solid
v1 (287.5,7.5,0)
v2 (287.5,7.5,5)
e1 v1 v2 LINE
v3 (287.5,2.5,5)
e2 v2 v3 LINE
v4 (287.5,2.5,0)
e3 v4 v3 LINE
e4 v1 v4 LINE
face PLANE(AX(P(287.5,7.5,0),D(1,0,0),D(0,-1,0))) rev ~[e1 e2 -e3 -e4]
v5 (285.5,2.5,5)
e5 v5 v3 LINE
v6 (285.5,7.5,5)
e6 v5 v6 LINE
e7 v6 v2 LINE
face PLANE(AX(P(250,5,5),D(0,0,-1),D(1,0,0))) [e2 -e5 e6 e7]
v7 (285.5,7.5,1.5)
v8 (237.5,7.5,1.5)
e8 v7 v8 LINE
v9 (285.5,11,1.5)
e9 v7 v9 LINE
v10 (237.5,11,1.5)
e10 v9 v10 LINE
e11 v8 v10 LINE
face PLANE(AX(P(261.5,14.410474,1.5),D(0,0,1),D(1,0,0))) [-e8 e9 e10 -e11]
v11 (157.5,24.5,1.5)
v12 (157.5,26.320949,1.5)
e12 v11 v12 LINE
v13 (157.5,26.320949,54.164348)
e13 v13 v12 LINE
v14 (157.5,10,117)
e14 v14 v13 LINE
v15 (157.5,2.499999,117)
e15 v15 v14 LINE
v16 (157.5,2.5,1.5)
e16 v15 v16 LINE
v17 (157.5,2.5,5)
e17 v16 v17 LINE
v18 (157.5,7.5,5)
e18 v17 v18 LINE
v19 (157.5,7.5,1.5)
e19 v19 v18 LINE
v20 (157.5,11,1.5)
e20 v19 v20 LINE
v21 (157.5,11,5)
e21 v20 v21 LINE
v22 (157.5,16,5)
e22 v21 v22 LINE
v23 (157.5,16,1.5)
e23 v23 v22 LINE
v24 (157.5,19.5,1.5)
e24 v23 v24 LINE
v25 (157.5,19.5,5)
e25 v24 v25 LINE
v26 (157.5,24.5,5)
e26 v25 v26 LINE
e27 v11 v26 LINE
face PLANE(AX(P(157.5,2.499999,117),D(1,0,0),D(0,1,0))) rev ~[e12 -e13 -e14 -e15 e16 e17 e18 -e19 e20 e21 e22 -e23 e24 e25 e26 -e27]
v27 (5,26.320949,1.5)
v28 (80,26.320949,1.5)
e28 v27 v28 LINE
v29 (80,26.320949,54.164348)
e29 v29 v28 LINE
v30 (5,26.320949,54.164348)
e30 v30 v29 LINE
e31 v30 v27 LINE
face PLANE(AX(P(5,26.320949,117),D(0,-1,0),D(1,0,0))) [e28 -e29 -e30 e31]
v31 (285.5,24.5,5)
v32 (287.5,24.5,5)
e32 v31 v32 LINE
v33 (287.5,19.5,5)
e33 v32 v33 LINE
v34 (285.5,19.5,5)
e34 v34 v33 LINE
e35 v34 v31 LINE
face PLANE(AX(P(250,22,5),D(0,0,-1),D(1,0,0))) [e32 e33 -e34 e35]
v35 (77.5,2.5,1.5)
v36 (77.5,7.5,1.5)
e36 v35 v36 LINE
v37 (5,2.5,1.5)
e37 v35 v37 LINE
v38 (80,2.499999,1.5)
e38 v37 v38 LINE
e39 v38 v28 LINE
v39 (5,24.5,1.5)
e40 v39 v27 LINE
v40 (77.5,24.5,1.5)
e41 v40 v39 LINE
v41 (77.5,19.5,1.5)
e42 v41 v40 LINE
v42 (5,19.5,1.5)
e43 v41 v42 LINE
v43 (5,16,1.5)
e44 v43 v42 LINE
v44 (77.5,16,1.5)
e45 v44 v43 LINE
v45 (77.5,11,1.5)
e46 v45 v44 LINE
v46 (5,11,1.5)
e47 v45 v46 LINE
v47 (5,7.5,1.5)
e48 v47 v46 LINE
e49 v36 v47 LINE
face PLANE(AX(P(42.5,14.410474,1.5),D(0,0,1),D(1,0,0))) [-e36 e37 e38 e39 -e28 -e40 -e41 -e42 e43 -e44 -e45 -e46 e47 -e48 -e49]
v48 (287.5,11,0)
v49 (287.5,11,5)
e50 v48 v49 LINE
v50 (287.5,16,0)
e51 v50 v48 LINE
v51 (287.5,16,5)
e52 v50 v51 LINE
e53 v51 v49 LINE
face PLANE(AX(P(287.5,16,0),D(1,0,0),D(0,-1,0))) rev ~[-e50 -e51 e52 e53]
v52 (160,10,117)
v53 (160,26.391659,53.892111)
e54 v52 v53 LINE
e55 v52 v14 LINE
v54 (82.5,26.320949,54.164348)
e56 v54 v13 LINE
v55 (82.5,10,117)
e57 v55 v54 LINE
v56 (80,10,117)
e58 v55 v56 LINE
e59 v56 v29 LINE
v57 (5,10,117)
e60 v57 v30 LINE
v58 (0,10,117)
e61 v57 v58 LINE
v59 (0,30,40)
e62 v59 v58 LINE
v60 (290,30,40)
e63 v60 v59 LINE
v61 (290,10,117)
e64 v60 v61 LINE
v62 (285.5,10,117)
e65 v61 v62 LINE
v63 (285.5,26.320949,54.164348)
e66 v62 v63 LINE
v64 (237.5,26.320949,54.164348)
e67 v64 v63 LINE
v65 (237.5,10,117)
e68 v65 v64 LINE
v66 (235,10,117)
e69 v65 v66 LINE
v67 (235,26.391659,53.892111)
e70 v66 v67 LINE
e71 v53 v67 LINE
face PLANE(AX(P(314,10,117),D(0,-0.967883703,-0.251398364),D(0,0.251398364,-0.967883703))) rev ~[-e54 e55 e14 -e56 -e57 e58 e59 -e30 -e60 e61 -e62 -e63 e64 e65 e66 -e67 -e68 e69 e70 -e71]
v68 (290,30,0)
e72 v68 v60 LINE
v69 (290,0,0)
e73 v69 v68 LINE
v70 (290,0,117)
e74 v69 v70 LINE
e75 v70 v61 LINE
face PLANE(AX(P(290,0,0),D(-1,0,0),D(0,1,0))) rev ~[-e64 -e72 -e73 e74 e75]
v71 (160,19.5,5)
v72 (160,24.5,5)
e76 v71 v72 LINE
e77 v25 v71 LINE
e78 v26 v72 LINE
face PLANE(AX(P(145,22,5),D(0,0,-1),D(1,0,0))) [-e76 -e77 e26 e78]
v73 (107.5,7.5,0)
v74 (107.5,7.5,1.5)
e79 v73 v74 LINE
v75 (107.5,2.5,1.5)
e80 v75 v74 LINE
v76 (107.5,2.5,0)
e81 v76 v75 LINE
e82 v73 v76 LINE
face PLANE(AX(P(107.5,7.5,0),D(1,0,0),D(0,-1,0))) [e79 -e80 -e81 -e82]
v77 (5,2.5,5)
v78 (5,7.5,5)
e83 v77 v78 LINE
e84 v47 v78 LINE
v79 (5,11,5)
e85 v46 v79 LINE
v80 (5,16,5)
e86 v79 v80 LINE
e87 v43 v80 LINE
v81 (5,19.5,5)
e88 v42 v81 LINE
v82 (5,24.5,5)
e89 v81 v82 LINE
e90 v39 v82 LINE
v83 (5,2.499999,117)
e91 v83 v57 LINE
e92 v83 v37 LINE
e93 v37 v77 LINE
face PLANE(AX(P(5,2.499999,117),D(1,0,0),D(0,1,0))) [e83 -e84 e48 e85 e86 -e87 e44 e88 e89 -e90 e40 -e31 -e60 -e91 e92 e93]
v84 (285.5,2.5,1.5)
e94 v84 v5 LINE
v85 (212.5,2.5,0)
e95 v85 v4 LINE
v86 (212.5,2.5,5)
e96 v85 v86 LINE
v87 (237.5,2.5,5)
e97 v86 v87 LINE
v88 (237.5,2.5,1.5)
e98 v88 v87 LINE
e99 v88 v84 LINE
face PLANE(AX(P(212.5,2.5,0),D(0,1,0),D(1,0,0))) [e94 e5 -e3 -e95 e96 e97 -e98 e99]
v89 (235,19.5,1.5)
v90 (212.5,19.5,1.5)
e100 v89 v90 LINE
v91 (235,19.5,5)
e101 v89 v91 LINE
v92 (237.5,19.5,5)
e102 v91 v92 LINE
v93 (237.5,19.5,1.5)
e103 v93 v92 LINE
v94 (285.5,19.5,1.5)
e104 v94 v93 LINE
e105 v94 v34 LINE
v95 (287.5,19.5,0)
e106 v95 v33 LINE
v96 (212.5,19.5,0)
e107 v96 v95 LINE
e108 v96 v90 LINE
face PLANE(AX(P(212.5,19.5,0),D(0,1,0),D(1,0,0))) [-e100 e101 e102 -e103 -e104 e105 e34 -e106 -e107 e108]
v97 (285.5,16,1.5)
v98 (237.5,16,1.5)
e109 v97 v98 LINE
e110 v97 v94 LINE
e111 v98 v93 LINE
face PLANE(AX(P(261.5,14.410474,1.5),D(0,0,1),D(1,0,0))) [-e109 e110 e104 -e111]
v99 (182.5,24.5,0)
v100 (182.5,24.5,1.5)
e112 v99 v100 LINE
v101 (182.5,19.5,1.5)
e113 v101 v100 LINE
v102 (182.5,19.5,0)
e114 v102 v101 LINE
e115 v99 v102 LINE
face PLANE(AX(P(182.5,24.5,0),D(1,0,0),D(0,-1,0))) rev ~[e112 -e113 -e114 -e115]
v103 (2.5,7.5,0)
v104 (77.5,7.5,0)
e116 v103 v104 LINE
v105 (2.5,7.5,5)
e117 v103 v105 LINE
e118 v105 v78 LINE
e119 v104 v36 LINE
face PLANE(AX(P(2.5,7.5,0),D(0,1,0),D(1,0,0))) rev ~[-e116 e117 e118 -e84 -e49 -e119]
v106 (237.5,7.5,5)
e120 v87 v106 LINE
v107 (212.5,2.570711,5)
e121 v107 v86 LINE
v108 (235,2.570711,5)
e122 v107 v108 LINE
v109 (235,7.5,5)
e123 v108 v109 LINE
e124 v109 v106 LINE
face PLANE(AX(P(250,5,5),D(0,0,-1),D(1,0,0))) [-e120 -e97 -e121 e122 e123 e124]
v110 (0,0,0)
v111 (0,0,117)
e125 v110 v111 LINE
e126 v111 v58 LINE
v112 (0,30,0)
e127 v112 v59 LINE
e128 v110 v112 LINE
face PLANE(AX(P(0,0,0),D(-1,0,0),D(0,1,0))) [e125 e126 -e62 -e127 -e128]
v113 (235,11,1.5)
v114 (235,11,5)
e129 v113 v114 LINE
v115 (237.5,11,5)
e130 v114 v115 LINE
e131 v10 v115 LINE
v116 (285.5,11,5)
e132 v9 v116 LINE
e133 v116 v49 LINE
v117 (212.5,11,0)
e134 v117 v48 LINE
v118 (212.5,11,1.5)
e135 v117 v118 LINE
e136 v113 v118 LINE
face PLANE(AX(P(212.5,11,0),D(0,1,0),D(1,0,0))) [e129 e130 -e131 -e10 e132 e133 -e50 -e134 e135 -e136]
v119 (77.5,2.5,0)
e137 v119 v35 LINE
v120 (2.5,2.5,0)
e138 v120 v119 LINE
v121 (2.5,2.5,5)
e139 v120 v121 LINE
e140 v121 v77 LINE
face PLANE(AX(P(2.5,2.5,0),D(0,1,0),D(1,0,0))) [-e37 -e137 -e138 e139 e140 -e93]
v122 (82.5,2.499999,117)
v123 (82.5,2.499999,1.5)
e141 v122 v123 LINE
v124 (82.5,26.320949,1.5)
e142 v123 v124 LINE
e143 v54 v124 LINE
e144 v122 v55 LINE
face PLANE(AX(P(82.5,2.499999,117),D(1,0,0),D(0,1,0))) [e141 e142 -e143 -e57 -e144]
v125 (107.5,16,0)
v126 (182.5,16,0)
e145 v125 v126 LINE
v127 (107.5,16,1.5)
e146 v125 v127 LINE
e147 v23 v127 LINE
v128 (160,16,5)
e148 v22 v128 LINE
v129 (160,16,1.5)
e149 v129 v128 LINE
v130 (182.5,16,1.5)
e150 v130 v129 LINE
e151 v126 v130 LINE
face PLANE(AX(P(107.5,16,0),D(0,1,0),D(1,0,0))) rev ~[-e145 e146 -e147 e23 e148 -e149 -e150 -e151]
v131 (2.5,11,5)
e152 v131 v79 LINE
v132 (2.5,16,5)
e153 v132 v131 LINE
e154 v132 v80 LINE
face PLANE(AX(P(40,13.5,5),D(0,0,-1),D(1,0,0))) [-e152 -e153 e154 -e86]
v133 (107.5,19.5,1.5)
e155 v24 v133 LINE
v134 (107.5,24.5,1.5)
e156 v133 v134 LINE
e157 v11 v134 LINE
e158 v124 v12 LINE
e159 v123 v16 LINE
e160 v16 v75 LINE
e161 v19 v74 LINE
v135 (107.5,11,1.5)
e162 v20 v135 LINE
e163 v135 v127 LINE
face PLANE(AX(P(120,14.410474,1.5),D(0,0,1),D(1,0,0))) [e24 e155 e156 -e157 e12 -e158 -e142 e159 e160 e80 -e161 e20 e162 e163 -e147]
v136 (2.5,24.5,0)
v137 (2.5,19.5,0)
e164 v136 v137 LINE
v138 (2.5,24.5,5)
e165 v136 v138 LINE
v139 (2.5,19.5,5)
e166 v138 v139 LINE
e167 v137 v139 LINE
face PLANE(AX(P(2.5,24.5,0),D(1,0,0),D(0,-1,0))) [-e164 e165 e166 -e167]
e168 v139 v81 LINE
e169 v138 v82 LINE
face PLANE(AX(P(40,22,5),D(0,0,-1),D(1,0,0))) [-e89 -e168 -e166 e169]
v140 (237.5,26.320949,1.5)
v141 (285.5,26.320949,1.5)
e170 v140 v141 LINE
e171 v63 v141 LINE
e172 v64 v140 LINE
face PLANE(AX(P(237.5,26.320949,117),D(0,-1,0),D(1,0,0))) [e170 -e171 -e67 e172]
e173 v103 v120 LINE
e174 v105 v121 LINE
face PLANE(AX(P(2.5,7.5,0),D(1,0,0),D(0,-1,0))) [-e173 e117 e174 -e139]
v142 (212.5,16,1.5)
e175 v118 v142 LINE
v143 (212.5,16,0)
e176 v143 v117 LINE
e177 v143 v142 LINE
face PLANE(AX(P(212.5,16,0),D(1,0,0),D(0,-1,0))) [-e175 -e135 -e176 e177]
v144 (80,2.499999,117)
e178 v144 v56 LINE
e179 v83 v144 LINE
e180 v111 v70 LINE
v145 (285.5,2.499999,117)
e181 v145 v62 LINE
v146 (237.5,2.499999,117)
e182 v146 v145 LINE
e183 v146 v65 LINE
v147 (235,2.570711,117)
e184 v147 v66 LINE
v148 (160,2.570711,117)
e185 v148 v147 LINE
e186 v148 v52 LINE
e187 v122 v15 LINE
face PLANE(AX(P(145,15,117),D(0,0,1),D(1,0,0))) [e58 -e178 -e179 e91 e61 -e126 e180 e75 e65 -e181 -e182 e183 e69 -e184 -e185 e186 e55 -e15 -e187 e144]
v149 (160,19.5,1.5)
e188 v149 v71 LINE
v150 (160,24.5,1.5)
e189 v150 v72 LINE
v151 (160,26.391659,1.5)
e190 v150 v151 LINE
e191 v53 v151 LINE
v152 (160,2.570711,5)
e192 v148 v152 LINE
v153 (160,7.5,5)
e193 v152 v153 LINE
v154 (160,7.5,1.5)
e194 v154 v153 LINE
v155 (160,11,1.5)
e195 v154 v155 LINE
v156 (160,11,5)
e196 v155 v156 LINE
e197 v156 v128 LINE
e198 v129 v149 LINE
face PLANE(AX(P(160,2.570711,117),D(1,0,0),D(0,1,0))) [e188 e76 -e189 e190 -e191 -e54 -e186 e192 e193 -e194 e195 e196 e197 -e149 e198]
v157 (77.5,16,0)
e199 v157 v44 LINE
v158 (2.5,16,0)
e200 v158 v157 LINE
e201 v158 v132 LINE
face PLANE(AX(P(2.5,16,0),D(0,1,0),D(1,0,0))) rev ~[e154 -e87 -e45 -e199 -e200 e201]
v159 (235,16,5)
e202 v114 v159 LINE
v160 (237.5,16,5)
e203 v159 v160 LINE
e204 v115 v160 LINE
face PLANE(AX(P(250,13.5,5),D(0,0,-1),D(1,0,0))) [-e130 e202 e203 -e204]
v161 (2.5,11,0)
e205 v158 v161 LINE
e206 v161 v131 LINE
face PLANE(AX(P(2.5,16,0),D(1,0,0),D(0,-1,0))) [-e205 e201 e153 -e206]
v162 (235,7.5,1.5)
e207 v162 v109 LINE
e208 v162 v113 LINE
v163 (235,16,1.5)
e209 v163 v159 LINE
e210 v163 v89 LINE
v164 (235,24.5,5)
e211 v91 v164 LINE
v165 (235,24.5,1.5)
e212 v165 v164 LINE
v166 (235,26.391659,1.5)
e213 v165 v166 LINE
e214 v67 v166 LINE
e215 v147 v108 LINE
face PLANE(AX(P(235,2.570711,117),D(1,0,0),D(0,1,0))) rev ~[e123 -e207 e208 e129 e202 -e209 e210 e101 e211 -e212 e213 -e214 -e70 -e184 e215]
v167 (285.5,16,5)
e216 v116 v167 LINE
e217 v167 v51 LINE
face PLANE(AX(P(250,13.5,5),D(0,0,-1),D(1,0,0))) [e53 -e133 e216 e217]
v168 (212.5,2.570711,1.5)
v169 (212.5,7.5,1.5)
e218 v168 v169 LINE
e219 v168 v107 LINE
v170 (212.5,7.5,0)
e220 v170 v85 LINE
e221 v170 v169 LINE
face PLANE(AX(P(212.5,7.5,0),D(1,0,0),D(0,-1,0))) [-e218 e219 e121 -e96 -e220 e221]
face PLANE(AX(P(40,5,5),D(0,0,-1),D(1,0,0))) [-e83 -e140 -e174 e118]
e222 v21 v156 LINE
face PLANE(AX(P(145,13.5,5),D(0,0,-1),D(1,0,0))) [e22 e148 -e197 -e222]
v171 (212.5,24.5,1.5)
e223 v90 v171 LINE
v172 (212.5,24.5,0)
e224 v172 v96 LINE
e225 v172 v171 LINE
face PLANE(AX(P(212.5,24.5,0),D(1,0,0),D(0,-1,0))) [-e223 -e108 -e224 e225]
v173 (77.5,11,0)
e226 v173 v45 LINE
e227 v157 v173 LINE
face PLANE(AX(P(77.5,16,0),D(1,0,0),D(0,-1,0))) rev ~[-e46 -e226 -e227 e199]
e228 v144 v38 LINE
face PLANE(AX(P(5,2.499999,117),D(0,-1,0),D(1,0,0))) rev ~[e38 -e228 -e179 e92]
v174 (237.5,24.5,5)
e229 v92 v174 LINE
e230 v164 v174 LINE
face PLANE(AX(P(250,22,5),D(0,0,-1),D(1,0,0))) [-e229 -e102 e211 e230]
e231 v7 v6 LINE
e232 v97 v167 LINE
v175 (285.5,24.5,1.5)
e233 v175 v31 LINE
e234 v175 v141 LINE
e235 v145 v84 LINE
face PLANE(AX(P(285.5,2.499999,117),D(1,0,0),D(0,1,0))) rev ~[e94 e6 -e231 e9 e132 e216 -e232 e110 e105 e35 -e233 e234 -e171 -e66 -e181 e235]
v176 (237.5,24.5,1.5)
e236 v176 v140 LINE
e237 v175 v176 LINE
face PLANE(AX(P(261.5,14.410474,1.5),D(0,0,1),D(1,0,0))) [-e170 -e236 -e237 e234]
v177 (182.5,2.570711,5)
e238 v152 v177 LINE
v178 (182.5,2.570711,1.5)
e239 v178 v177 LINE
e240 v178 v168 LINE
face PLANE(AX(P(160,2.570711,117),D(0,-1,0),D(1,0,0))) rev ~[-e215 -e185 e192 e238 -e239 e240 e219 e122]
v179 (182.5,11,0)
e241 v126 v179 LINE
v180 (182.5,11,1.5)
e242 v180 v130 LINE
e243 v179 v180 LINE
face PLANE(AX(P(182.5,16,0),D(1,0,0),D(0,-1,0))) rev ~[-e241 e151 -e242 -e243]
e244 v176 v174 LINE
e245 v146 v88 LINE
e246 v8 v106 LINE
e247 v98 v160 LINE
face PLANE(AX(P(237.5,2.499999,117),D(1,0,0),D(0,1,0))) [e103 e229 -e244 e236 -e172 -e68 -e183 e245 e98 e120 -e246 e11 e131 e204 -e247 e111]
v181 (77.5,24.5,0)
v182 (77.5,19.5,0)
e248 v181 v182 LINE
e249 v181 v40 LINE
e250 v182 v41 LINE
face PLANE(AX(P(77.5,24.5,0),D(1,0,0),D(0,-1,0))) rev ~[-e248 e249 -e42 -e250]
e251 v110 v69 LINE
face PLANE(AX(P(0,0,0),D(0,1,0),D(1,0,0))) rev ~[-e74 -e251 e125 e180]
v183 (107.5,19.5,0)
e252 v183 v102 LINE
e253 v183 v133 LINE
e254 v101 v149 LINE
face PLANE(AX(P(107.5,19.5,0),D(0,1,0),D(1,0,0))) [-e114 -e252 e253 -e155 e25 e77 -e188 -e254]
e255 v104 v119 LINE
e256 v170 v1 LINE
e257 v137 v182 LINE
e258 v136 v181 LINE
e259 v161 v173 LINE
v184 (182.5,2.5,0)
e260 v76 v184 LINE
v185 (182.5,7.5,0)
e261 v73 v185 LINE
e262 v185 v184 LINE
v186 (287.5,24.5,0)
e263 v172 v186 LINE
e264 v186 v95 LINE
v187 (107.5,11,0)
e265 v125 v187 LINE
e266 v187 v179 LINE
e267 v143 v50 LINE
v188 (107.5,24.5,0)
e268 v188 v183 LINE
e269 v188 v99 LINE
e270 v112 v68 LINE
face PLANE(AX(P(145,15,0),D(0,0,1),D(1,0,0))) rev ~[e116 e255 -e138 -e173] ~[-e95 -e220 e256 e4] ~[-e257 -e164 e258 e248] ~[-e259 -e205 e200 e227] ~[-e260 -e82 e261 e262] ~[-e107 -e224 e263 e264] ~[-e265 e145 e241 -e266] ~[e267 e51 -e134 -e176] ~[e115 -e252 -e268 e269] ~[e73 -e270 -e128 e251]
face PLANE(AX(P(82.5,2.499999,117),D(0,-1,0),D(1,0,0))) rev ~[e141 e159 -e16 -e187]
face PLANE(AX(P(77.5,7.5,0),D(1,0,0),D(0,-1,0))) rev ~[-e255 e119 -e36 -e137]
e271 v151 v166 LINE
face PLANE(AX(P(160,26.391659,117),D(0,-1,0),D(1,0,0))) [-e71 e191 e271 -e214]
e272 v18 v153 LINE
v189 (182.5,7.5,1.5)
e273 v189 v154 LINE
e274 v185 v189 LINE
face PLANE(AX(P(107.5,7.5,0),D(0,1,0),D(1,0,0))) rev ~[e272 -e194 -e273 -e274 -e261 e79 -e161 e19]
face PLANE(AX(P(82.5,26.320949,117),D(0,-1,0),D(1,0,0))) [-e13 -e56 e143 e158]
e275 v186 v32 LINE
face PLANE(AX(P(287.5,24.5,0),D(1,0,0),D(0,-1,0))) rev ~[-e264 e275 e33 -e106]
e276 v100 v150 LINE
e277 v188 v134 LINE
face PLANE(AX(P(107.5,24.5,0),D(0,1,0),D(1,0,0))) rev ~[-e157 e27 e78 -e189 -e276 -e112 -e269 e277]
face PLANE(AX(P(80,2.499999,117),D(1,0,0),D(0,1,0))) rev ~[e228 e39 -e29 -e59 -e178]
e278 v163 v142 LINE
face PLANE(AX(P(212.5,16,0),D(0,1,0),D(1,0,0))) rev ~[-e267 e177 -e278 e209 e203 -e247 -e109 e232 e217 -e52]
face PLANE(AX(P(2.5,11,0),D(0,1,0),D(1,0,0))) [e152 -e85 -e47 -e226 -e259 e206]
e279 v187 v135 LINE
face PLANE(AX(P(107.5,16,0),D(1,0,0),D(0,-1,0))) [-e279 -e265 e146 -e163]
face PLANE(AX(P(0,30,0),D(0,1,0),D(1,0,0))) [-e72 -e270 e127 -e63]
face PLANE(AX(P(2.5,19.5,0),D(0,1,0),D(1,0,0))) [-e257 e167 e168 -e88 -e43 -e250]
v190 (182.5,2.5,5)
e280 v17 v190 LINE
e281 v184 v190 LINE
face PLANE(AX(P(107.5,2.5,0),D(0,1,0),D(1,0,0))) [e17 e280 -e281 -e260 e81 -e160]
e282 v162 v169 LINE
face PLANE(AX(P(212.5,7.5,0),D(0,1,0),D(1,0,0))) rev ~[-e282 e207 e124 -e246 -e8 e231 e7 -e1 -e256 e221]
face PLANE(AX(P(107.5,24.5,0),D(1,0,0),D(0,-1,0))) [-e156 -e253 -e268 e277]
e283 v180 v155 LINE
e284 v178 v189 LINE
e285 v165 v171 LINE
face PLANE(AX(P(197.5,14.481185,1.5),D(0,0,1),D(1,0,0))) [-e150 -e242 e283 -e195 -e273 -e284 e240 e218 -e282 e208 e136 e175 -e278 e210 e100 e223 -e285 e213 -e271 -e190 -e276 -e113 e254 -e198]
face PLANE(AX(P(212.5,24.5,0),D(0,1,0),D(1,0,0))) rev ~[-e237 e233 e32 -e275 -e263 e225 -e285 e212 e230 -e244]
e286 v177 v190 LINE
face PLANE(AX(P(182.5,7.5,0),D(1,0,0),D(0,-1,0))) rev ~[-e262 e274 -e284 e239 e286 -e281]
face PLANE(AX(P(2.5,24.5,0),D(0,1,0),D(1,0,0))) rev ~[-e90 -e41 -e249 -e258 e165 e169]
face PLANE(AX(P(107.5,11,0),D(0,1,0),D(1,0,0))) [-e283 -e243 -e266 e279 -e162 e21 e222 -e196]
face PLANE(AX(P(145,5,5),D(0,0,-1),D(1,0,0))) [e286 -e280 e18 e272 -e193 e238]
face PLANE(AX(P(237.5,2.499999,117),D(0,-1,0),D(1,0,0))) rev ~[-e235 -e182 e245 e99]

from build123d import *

# Parameters (mm, degrees)
BOX_W                              = 290
BOX_H                              = 30
BOX_DEPTH                          = 117
SKETCH_W                           = 75
SKETCH_H                           = 23.820949
SKETCH_W_2                         = 48
POCKET_DEPTH                       = 115.5
POCKET001_DEPTH                    = 350
SKETCH002_W                        = 75
SKETCH002_H                        = 5
POCKET002_DEPTH                    = 5
SKETCH002_LINEARPATTERN001_2_W     = 75
SKETCH002_LINEARPATTERN001_2_H     = 5
POCKET002_LINEARPATTERN001_2_DEPTH = 5
SKETCH002_LINEARPATTERN001_3_W     = 75
SKETCH002_LINEARPATTERN001_3_H     = 5
POCKET002_LINEARPATTERN001_3_DEPTH = 5
LINEARPATTERN002_COUNT             = 3
LINEARPATTERN002_PITCH             = 8.5


with BuildPart() as part:
    # Box → Box (new body)
    with BuildSketch(Plane.XY):
        with Locations((145, 15)):
            Rectangle(BOX_W, BOX_H)
    extrude(amount=BOX_DEPTH)

    # Sketch (on Face6 of BaseFeature) → Pocket (cut)
    with BuildSketch(Plane.XY.offset(117)):
        with Locations((42.5, 14.410474)):
            Rectangle(SKETCH_W, SKETCH_H)
        with Locations((120, 14.410474)):
            Rectangle(SKETCH_W, SKETCH_H)
        with Locations((197.5, 14.481185)):
            Rectangle(SKETCH_W, SKETCH_H)
        with Locations((261.5, 14.410474)):
            Rectangle(SKETCH_W_2, SKETCH_H)
    extrude(amount=-POCKET_DEPTH, mode=Mode.SUBTRACT)

    # Sketch001 → Pocket001 (cut)
    with BuildSketch(Plane.YZ.offset(314)):
        Polygon((10, 117), (30, 40), (40, 120), align=None)
    extrude(amount=-POCKET001_DEPTH, mode=Mode.SUBTRACT)

    # Sketch002 (on Face5 of Pocket001) → Pocket002 (cut)
    with BuildSketch(Plane(origin=(0, 0, 0), x_dir=(1, 0, 0), z_dir=(0, 0, -1))):
        with Locations((40, -5)):
            Rectangle(SKETCH002_W, SKETCH002_H)
    pocket002 = extrude(amount=-POCKET002_DEPTH, mode=Mode.SUBTRACT)

    # Sketch002 LinearPattern001 2 → Pocket002 LinearPattern001 2 (cut)
    with BuildSketch(Plane(origin=(105, 0, 0), x_dir=(1, 0, 0), z_dir=(0, 0, -1))):
        with Locations((40, -5)):
            Rectangle(SKETCH002_LINEARPATTERN001_2_W, SKETCH002_LINEARPATTERN001_2_H)
    pocket002_linearpattern001_2 = extrude(amount=-POCKET002_LINEARPATTERN001_2_DEPTH, mode=Mode.SUBTRACT)

    # Sketch002 LinearPattern001 3 → Pocket002 LinearPattern001 3 (cut)
    with BuildSketch(Plane(origin=(210, 0, 0), x_dir=(1, 0, 0), z_dir=(0, 0, -1))):
        with Locations((40, -5)):
            Rectangle(SKETCH002_LINEARPATTERN001_3_W, SKETCH002_LINEARPATTERN001_3_H)
    pocket002_linearpattern001_3 = extrude(amount=-POCKET002_LINEARPATTERN001_3_DEPTH, mode=Mode.SUBTRACT)

    # LinearPattern002: Pocket002, Pocket002 LinearPattern001 2, Pocket002 LinearPattern001 3 ×3
    with Locations(*[(0, i * LINEARPATTERN002_PITCH, 0) for i in range(1, LINEARPATTERN002_COUNT)]):
        add(pocket002, mode=Mode.SUBTRACT)
        add(pocket002_linearpattern001_2, mode=Mode.SUBTRACT)
        add(pocket002_linearpattern001_3, mode=Mode.SUBTRACT)


solid = part.part
